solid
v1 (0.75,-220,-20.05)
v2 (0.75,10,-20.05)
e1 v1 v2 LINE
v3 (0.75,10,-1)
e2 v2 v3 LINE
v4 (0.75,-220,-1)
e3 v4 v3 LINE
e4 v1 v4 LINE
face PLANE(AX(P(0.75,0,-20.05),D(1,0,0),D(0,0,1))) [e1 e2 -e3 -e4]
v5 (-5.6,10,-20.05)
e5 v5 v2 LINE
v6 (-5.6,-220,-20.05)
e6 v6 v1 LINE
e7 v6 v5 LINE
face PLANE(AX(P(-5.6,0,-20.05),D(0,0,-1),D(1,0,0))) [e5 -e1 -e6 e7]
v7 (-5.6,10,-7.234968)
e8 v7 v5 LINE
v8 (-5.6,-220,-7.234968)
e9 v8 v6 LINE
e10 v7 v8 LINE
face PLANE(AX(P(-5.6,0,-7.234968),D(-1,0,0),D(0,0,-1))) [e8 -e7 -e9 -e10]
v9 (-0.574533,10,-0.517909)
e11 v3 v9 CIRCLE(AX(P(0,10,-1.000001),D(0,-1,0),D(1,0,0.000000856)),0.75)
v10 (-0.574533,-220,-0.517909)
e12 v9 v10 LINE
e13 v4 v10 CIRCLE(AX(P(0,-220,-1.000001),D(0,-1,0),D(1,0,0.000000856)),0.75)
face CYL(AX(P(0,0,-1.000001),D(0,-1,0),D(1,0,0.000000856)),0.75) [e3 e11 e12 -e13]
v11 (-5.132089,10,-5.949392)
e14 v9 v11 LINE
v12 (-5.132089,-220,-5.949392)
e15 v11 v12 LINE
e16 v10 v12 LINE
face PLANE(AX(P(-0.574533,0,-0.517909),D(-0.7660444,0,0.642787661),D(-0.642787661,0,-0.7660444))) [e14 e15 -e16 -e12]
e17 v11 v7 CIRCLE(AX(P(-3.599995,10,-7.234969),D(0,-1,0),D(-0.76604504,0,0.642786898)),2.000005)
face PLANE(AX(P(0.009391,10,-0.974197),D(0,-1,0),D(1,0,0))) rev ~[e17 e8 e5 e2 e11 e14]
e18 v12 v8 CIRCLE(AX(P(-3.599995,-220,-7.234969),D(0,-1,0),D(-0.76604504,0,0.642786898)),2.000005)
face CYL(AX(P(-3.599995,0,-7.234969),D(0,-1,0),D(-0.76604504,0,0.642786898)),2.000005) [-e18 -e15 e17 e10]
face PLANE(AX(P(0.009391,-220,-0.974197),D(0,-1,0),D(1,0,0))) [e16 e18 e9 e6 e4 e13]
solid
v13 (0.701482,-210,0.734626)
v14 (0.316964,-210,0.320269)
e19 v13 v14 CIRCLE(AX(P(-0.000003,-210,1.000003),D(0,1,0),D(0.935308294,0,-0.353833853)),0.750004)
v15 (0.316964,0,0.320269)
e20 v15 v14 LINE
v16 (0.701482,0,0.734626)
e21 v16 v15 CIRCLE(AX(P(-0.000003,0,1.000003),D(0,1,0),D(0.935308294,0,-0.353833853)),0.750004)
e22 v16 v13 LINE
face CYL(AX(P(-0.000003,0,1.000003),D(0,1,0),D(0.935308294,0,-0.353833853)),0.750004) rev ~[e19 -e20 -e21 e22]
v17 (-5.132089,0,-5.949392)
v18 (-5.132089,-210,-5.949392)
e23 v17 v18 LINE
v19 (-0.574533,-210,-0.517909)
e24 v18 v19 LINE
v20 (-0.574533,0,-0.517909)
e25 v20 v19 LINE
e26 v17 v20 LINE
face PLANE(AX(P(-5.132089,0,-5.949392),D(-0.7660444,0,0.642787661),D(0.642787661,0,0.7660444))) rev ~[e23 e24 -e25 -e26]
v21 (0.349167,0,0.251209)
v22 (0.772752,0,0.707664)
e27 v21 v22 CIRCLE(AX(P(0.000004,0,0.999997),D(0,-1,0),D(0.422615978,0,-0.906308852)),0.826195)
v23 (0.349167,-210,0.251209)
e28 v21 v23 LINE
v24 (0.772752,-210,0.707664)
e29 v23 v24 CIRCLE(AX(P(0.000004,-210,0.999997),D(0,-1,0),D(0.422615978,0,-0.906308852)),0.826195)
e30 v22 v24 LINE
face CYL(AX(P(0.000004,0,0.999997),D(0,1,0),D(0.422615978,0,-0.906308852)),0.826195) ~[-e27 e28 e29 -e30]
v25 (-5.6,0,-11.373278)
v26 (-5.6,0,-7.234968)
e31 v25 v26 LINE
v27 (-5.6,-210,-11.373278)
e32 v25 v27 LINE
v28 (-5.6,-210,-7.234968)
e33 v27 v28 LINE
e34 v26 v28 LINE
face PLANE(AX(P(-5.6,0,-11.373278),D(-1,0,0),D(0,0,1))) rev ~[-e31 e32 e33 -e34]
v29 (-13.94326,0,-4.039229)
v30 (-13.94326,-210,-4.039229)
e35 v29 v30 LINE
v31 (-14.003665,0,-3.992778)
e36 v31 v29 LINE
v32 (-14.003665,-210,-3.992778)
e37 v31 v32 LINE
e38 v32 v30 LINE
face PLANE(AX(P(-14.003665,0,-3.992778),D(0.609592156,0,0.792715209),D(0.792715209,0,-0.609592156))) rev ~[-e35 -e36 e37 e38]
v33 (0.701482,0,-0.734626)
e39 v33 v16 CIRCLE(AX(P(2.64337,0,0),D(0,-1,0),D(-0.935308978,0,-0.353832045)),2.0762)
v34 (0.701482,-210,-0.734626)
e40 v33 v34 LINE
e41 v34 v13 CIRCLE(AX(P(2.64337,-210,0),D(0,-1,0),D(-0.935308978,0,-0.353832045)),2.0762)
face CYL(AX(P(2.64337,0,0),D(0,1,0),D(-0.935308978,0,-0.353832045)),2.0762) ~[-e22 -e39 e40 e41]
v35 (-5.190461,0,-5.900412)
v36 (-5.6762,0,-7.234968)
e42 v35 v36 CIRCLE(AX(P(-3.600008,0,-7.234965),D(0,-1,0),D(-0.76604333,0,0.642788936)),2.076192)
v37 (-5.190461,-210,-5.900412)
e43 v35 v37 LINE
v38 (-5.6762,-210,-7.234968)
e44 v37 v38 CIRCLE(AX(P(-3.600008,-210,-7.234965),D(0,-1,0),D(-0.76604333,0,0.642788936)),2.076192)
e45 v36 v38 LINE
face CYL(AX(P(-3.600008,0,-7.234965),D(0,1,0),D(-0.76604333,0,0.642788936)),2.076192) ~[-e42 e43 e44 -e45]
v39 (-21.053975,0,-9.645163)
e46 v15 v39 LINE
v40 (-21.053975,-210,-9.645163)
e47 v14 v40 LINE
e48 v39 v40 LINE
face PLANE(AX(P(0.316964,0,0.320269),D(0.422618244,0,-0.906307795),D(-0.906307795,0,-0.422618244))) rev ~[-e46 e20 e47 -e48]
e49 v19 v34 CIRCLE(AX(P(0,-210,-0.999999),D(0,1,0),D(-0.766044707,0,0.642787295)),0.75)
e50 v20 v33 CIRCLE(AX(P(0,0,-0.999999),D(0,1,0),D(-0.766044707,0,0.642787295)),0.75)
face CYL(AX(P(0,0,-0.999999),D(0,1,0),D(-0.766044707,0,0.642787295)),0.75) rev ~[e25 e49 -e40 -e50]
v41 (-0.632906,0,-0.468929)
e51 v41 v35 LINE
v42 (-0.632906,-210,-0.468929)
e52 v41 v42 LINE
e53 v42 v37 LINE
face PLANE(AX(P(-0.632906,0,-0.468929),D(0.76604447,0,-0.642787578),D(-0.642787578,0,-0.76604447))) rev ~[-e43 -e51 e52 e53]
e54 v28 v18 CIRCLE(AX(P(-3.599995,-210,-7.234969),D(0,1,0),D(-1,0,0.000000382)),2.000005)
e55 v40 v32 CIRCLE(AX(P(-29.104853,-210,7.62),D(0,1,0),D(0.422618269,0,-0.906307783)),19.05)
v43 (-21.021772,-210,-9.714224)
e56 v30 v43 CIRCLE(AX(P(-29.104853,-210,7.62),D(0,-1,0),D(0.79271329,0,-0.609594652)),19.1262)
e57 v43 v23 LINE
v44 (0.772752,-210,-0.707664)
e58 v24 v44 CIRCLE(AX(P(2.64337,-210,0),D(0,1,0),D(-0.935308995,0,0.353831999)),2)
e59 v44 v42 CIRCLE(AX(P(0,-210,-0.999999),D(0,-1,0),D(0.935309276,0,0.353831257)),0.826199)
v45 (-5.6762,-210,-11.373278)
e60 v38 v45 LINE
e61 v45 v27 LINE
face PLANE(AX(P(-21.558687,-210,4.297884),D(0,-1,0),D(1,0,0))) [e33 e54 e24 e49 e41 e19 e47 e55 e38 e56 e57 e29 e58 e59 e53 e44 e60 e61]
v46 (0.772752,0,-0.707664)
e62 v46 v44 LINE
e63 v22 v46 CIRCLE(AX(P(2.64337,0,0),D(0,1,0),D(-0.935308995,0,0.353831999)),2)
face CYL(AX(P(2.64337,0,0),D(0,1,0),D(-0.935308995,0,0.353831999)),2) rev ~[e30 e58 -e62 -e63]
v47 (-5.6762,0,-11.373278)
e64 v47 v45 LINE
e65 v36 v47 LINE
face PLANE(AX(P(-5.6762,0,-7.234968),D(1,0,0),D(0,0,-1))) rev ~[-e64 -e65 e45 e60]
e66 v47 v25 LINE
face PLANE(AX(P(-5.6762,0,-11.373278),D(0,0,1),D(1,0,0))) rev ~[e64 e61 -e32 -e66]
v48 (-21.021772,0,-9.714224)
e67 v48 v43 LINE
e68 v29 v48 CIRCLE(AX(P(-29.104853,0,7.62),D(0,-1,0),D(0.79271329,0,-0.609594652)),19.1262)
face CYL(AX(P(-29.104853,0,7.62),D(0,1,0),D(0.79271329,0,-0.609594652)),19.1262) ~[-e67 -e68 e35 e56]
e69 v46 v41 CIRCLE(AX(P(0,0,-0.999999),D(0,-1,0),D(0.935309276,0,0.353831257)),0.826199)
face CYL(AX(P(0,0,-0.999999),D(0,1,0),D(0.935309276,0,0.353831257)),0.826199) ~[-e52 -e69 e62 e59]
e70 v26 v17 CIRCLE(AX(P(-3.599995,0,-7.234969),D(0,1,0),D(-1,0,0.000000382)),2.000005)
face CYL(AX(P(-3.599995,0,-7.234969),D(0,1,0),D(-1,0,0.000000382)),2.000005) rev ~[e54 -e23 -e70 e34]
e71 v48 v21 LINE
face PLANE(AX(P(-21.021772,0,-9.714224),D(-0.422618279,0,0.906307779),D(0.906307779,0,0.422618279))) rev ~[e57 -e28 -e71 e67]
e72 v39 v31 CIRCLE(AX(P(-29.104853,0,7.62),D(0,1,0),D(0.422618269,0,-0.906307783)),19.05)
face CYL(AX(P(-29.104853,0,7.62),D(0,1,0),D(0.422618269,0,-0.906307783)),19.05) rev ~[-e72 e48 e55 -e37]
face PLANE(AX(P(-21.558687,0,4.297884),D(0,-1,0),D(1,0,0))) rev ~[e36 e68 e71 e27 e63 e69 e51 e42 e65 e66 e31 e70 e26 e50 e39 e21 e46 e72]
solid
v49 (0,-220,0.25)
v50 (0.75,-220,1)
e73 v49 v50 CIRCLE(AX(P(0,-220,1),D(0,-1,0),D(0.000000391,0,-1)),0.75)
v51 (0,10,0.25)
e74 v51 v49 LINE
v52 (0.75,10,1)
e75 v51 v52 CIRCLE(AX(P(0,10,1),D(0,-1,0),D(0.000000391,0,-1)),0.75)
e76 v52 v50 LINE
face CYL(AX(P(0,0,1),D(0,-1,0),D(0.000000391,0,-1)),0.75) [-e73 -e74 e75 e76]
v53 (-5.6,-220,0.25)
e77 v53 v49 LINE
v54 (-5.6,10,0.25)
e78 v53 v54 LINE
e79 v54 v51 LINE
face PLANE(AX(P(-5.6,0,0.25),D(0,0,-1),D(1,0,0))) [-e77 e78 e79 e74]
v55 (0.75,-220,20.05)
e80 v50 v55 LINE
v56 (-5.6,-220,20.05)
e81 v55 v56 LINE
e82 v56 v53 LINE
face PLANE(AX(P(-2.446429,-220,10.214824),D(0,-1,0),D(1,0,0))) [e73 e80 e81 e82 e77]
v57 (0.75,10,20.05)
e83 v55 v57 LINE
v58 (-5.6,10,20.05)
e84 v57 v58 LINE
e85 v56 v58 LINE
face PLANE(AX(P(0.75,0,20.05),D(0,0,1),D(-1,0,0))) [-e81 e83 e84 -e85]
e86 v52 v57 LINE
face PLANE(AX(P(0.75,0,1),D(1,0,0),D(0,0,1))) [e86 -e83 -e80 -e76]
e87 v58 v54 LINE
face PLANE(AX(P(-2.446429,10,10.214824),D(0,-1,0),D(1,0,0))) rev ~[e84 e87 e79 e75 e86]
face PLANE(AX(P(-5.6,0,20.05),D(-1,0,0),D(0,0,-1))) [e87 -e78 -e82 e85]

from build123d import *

# Parameters (mm, degrees)
F1_DEPTH      = 210
F3_DEPTH      = 220
F3_DEPTH_BACK = 10


with BuildPart() as f1:
    # F0 (on Front) → F1 (new body)
    with BuildSketch(Plane.XZ):
        with BuildLine():
            ThreePointArc((0.701482, 0.734626), (0.549755, 0.489834), (0.316964, 0.320269))
            Line((0.316964, 0.320269), (-21.053975, -9.645163))
            ThreePointArc((-21.053975, -9.645163), (-41.020889, 22.483061), (-14.003665, -3.992778))
            Line((-14.003665, -3.992778), (-13.94326, -4.039229))
            ThreePointArc((-13.94326, -4.039229), (-41.068553, 22.542514), (-21.021772, -9.714224))
            Line((-21.021772, -9.714224), (0.349167, 0.251209))
            ThreePointArc((0.349167, 0.251209), (0.60561, 0.438001), (0.772752, 0.707664))
            ThreePointArc((0.772752, 0.707664), (4.64337, 0), (0.772752, -0.707664))
            ThreePointArc((0.772752, -0.707664), (0.13834, -0.185464), (-0.632906, -0.468929))
            Line((-0.632906, -0.468929), (-5.190461, -5.900412))
            ThreePointArc((-5.190461, -5.900412), (-5.55099, -6.524865), (-5.6762, -7.234968))
            Line((-5.6762, -7.234968), (-5.6762, -11.373278))
            Line((-5.6762, -11.373278), (-5.6, -11.373278))
            Line((-5.6, -11.373278), (-5.6, -7.234968))
            ThreePointArc((-5.6, -7.234968), (-5.479385, -6.550927), (-5.132089, -5.949392))
            Line((-5.132089, -5.949392), (-0.574533, -0.517909))
            ThreePointArc((-0.574533, -0.517909), (0.125581, -0.260588), (0.701482, -0.734626))
            ThreePointArc((0.701482, -0.734626), (4.71957, 0), (0.701482, 0.734626))
        make_face()
    extrude(amount=F1_DEPTH)


with BuildPart() as f3:
    # F2 (on Front) → F3 (new body, two sides)
    with BuildSketch(Plane.XZ) as f3_sk:
        with BuildLine():
            Line((-5.6, 0.25), (0, 0.25))
            ThreePointArc((0, 0.25), (0.53033, 0.46967), (0.75, 1))
            Line((0.75, 1), (0.75, 20.05))
            Line((0.75, 20.05), (-5.6, 20.05))
            Line((-5.6, 20.05), (-5.6, 0.25))
        make_face()
        with BuildLine():
            ThreePointArc((-0.574533, -0.517909), (-0.256515, -1.704769), (0.75, -1))
            ThreePointArc((0.75, -1), (0.256515, -0.295231), (-0.574533, -0.517909))
        make_face()
        with BuildLine():
            Line((0.75, -20.05), (0.75, -1))
            ThreePointArc((0.75, -1), (-0.256515, -1.704769), (-0.574533, -0.517909))
            Line((-0.574533, -0.517909), (-5.132089, -5.949392))
            ThreePointArc((-5.132089, -5.949392), (-5.479385, -6.550927), (-5.6, -7.234968))
            Line((-5.6, -7.234968), (-5.6, -20.05))
            Line((-5.6, -20.05), (0.75, -20.05))
        make_face()
    extrude(amount=F3_DEPTH)
    extrude(f3_sk.sketch, amount=-F3_DEPTH_BACK)


solid = Compound([f1.part, f3.part])
